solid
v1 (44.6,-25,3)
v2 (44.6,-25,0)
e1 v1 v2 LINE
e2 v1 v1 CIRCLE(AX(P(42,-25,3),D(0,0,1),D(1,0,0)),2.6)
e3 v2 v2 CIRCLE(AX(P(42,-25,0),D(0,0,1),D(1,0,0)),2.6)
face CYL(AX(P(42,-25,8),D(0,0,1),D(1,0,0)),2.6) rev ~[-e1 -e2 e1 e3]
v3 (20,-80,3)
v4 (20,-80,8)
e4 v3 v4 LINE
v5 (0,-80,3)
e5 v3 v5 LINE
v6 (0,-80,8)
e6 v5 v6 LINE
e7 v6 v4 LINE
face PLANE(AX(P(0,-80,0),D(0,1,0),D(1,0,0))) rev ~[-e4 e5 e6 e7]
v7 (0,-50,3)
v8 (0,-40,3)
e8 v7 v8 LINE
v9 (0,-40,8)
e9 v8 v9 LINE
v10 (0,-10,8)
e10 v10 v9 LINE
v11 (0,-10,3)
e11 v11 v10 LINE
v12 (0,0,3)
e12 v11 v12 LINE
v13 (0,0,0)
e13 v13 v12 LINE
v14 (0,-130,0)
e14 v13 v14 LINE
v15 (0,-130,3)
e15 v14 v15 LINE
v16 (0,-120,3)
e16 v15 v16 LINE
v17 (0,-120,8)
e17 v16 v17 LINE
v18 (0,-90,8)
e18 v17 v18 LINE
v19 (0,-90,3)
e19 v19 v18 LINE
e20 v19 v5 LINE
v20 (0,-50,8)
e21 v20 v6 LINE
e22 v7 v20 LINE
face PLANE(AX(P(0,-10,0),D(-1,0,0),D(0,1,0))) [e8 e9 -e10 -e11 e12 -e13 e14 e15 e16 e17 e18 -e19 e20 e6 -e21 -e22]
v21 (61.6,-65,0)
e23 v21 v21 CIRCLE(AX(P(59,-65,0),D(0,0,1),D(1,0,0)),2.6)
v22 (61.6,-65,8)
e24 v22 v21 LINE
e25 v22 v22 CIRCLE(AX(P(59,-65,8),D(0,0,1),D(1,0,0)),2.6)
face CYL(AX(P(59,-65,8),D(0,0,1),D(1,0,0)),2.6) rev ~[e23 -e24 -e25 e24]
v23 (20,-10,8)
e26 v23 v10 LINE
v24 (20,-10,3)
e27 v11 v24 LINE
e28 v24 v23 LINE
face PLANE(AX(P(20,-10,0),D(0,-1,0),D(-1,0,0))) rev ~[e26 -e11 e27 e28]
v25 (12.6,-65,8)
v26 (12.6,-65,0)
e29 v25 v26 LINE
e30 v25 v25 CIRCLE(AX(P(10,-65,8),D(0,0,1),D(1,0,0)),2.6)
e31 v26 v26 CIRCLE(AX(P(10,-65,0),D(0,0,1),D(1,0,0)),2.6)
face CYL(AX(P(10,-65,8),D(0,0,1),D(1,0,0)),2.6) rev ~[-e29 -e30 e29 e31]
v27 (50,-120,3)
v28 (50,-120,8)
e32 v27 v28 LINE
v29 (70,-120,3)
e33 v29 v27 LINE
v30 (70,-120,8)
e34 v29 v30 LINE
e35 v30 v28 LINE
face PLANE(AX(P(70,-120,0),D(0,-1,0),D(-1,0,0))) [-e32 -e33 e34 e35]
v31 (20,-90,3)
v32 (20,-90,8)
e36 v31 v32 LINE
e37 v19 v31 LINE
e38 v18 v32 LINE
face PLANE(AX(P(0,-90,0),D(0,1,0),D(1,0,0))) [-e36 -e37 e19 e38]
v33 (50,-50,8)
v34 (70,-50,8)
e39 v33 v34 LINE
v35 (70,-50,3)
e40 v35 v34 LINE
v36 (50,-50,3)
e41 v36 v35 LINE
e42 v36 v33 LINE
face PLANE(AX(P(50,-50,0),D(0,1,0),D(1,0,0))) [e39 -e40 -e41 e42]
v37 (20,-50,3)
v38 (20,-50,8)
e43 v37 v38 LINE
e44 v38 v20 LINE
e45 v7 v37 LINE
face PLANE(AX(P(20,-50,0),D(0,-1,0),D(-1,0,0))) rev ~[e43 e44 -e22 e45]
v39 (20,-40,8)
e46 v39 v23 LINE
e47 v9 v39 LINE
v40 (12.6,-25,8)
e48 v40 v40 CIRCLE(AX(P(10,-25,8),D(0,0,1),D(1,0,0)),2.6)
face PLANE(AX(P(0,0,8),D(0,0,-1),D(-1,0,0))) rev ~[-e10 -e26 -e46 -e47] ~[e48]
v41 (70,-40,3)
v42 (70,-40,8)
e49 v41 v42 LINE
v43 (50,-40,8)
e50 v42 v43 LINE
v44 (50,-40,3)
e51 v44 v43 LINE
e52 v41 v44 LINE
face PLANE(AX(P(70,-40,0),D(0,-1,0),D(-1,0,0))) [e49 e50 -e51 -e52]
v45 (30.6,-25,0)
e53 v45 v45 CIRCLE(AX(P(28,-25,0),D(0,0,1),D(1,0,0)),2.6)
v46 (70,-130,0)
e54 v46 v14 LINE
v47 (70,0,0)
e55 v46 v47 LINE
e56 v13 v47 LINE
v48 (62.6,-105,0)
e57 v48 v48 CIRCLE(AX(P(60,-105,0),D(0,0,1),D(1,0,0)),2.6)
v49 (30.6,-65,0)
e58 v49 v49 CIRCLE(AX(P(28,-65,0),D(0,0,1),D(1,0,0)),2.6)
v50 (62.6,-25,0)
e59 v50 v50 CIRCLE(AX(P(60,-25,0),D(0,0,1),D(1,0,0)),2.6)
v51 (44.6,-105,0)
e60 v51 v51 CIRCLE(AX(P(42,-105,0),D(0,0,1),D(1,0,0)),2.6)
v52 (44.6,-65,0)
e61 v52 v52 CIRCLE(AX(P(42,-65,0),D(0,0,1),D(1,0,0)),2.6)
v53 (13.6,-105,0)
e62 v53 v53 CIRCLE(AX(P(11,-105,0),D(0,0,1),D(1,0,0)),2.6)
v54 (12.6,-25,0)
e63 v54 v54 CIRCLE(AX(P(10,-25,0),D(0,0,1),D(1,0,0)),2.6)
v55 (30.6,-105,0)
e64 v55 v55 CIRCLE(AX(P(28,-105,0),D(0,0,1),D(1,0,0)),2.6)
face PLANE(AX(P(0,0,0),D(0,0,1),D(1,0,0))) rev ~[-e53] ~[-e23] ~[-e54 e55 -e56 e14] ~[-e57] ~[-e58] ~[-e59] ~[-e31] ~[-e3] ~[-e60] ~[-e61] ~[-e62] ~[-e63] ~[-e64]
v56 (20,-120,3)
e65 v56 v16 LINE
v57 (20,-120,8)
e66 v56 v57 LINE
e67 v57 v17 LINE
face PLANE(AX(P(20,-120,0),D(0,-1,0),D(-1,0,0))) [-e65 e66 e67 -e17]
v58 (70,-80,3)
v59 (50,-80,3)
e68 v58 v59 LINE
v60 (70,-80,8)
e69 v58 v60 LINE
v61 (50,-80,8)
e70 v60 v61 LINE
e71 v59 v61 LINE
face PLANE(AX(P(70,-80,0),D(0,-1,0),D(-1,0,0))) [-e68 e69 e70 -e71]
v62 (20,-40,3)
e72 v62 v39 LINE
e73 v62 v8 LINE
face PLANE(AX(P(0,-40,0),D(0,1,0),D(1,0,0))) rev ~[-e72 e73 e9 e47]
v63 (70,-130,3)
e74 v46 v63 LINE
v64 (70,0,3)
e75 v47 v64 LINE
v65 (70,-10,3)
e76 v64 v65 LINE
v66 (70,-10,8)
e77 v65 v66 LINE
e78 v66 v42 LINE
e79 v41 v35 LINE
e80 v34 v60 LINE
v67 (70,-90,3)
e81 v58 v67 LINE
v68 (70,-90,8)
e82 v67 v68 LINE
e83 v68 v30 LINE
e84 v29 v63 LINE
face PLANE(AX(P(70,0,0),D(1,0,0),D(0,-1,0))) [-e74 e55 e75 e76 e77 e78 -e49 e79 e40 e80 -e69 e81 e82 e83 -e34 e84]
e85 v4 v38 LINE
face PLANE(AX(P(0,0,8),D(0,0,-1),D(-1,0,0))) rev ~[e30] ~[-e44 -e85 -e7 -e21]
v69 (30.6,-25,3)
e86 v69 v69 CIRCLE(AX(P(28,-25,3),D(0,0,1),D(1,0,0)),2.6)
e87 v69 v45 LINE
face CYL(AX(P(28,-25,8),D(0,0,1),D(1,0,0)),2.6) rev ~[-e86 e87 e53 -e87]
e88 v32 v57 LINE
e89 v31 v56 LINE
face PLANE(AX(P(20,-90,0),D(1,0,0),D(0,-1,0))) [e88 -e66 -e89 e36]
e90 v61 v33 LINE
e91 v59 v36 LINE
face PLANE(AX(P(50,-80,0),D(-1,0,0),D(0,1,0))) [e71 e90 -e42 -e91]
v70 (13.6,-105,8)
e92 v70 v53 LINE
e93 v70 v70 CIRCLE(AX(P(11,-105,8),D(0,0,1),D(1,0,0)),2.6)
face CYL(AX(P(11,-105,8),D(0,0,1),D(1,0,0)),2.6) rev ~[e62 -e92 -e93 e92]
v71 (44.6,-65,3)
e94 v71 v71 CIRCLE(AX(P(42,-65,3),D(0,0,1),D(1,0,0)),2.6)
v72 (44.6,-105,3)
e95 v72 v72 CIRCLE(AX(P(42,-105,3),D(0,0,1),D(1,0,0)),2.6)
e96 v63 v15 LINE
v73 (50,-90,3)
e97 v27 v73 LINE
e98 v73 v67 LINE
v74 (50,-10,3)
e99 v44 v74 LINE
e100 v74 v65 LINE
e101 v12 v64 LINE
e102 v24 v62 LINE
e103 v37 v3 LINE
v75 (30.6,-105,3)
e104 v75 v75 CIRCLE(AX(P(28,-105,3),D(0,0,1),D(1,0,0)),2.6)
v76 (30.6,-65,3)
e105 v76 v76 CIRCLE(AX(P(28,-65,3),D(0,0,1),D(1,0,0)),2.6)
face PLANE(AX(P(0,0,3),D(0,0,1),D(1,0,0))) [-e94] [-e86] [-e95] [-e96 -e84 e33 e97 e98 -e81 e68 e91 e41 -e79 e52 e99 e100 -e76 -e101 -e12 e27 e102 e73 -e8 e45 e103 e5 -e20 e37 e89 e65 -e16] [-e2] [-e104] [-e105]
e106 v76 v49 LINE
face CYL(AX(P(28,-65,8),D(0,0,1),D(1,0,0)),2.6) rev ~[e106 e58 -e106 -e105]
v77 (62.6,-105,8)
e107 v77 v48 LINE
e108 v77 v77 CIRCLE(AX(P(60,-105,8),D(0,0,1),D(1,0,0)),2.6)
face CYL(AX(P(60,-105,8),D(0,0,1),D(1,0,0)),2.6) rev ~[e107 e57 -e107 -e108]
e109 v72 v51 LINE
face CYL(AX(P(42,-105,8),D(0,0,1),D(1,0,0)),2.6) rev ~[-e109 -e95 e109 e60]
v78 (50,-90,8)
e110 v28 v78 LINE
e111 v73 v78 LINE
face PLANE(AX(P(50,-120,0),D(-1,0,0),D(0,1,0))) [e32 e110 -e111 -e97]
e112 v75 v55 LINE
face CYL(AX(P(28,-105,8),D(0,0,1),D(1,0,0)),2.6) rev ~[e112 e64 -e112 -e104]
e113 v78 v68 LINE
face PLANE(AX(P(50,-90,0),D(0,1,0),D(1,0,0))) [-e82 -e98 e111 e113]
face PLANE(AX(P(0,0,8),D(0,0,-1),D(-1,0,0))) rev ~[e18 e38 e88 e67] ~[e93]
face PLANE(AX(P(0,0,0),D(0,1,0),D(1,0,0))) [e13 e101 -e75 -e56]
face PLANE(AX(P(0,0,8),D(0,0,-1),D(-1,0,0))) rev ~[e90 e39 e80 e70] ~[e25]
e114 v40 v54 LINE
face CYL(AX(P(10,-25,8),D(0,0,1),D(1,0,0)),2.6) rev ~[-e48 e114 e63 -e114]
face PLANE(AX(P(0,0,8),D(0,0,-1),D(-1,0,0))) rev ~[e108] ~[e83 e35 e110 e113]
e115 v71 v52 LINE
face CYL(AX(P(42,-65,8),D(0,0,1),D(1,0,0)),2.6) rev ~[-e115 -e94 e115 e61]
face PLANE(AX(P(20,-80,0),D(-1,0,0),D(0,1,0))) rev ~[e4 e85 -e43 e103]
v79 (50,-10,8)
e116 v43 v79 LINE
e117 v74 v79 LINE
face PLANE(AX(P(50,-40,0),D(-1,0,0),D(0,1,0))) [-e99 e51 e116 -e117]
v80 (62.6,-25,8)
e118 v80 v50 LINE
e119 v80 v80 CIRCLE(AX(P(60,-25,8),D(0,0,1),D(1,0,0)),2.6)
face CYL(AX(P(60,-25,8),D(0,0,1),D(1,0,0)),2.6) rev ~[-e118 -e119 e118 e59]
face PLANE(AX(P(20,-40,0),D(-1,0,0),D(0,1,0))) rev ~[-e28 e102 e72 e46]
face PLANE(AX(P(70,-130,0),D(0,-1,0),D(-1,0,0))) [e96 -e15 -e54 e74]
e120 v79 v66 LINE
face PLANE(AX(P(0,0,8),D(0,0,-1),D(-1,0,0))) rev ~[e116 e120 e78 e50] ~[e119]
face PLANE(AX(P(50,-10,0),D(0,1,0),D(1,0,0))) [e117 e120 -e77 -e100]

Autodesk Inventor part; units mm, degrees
ref_plane "YZ Plane" through (0, 0, 0) normal (1, 0, 0) x (0, 1, 0)
ref_plane "XZ Plane" through (0, 0, 0) normal (0, 1, 0) x (-1, 0, 0)
ref_plane "XY Plane" through (0, 0, 0) normal (0, 0, 1) x (1, 0, 0)
sketch "Sketch1" plane through (0, 0, 0) normal (0, 0, 1) x (1, 0, 0)
  line L0 (0, 0) -> (70, 0)
  line L1 (70, 0) -> (70, -130)
  line L2 (70, -130) -> (0, -130)
  line L3 (0, -130) -> (0, 0)
  line L4 (0, -10) -> (20, -10)
  line L5 (20, -10) -> (20, -40)
  line L6 (20, -40) -> (0, -40)
  line L7 (0, -40) -> (0, -10)
  line L8 (50, -10) -> (70, -10)
  line L9 (70, -10) -> (70, -40)
  line L10 (70, -40) -> (50, -40)
  line L11 (50, -40) -> (50, -10)
  line L12 (0, -50) -> (20, -50)
  line L13 (20, -50) -> (20, -80)
  line L14 (20, -80) -> (0, -80)
  line L15 (0, -80) -> (0, -50)
  line L16 (50, -50) -> (70, -50)
  line L17 (70, -50) -> (70, -80)
  line L18 (70, -80) -> (50, -80)
  line L19 (50, -80) -> (50, -50)
  line L20 (0, -90) -> (20, -90)
  line L21 (20, -90) -> (20, -120)
  line L22 (20, -120) -> (0, -120)
  line L23 (0, -120) -> (0, -90)
  line L24 (50, -90) -> (70, -90)
  line L25 (70, -90) -> (70, -120)
  line L26 (70, -120) -> (50, -120)
  line L27 (50, -120) -> (50, -90)
  dimension "d0" = 70
  dimension "d1" = 130
  dimension "d2" = 20
  dimension "d3" = 30
  dimension "d4" = 20
  dimension "d5" = 30
  dimension "d6" = 20
  dimension "d7" = 30
  dimension "d8" = 20
  dimension "d9" = 30
  dimension "d10" = 20
  dimension "d11" = 30
  dimension "d12" = 20
  dimension "d13" = 30
  dimension "d14" = 10
  dimension "d15" = 10
  dimension "d16" = 10
  dimension "d17" = 10
  dimension "d18" = 10
  dimension "d19" = 0
  dimension "d20" = 30
extrude "Extrusion1" add sketch "Sketch1" along normal blind 3 contours L0 L1 L8 L11 L10 L16 L19 L18 L24 L27 L26 L2 L3 L22 L21 L20 L14 L13 L12 L6 L5 L4
sketch "Sketch6" plane through (0, 0, 0) normal (0, 0, -1) x (-1, 0, 0)
  line L0 (-50, -10) -> (-70, -10)
  line L1 (-70, -10) -> (-70, -40)
  line L2 (-70, -40) -> (-50, -40)
  line L3 (-50, -40) -> (-50, -10)
  line L4 (-20, -10) -> (0, -10)
  line L5 (0, -10) -> (0, -40)
  line L6 (0, -40) -> (-20, -40)
  line L7 (-20, -40) -> (-20, -10)
  line L8 (-20, -50) -> (0, -50)
  line L9 (0, -50) -> (0, -80)
  line L10 (0, -80) -> (-20, -80)
  line L11 (-20, -80) -> (-20, -50)
  line L12 (0, -90) -> (-20, -90)
  line L13 (-20, -90) -> (-20, -120)
  line L14 (-20, -120) -> (0, -120)
  line L15 (0, -120) -> (0, -90)
  line L16 (-50, -90) -> (-70, -90)
  line L17 (-70, -90) -> (-70, -120)
  line L18 (-70, -120) -> (-50, -120)
  line L19 (-50, -120) -> (-50, -90)
  line L20 (-70, -80) -> (-50, -80)
  line L21 (-50, -80) -> (-50, -50)
  line L22 (-50, -50) -> (-70, -50)
  line L23 (-70, -50) -> (-70, -80)
  point P0 (0, 0)
extrude "Extrusion3" add sketch "Sketch6" against normal blind 8
sketch "Sketch7" plane through (0, 0, 8) normal (0, 0, 1) x (1, 0, 0)
  point P0 (0, 0)
sketch "Sketch8" plane through (0, 0, 8) normal (0, 0, 1) x (1, 0, 0)
  circle A0 centre (10, -25) radius 2.6
  circle A1 centre (28, -25) radius 2.6
  circle A2 centre (42, -25) radius 2.6
  circle A3 centre (60, -25) radius 2.6
  circle A4 centre (10, -65) radius 2.6
  circle A5 centre (28, -65) radius 2.6
  circle A6 centre (42, -65) radius 2.6
  circle A7 centre (59, -65) radius 2.6
  circle A8 centre (11, -105) radius 2.6
  circle A9 centre (28, -105) radius 2.6
  circle A10 centre (42, -105) radius 2.6
  circle A11 centre (60, -105) radius 2.6
  line L0 (20, -10) -> (0, -10) projected
  line L1 (20, -40) -> (20, -10) projected
  line L2 (50, -10) -> (50, -40) projected
  line L3 (70, -10) -> (50, -10) projected
  line L4 (70, -40) -> (70, -10) projected
  line L5 (20, -50) -> (0, -50) projected
  line L6 (20, -90) -> (0, -90) projected
  line L7 (50, -50) -> (50, -80) projected
  point P0 (0, 0)
  dimension "d29" = 5.2
  dimension "d30" = 5.2
  dimension "d31" = 5.2
  dimension "d32" = 5.2
  dimension "d33" = 5.2
  dimension "d34" = 5.2
  dimension "d35" = 5.2
  dimension "d36" = 5.2
  dimension "d37" = 5.2
  dimension "d38" = 5.2
  dimension "d39" = 5.2
  dimension "d40" = 5.2
  dimension "d41" = 15
  dimension "d42" = 10
  dimension "d43" = 8
  dimension "d44" = 8
  dimension "d45" = 15
  dimension "d46" = 10
  dimension "d47" = 15
  dimension "d48" = 15
  dimension "d49" = 8
extrude "Extrusion4" cut sketch "Sketch8" against normal through all
properties part number "parking lot frame"
